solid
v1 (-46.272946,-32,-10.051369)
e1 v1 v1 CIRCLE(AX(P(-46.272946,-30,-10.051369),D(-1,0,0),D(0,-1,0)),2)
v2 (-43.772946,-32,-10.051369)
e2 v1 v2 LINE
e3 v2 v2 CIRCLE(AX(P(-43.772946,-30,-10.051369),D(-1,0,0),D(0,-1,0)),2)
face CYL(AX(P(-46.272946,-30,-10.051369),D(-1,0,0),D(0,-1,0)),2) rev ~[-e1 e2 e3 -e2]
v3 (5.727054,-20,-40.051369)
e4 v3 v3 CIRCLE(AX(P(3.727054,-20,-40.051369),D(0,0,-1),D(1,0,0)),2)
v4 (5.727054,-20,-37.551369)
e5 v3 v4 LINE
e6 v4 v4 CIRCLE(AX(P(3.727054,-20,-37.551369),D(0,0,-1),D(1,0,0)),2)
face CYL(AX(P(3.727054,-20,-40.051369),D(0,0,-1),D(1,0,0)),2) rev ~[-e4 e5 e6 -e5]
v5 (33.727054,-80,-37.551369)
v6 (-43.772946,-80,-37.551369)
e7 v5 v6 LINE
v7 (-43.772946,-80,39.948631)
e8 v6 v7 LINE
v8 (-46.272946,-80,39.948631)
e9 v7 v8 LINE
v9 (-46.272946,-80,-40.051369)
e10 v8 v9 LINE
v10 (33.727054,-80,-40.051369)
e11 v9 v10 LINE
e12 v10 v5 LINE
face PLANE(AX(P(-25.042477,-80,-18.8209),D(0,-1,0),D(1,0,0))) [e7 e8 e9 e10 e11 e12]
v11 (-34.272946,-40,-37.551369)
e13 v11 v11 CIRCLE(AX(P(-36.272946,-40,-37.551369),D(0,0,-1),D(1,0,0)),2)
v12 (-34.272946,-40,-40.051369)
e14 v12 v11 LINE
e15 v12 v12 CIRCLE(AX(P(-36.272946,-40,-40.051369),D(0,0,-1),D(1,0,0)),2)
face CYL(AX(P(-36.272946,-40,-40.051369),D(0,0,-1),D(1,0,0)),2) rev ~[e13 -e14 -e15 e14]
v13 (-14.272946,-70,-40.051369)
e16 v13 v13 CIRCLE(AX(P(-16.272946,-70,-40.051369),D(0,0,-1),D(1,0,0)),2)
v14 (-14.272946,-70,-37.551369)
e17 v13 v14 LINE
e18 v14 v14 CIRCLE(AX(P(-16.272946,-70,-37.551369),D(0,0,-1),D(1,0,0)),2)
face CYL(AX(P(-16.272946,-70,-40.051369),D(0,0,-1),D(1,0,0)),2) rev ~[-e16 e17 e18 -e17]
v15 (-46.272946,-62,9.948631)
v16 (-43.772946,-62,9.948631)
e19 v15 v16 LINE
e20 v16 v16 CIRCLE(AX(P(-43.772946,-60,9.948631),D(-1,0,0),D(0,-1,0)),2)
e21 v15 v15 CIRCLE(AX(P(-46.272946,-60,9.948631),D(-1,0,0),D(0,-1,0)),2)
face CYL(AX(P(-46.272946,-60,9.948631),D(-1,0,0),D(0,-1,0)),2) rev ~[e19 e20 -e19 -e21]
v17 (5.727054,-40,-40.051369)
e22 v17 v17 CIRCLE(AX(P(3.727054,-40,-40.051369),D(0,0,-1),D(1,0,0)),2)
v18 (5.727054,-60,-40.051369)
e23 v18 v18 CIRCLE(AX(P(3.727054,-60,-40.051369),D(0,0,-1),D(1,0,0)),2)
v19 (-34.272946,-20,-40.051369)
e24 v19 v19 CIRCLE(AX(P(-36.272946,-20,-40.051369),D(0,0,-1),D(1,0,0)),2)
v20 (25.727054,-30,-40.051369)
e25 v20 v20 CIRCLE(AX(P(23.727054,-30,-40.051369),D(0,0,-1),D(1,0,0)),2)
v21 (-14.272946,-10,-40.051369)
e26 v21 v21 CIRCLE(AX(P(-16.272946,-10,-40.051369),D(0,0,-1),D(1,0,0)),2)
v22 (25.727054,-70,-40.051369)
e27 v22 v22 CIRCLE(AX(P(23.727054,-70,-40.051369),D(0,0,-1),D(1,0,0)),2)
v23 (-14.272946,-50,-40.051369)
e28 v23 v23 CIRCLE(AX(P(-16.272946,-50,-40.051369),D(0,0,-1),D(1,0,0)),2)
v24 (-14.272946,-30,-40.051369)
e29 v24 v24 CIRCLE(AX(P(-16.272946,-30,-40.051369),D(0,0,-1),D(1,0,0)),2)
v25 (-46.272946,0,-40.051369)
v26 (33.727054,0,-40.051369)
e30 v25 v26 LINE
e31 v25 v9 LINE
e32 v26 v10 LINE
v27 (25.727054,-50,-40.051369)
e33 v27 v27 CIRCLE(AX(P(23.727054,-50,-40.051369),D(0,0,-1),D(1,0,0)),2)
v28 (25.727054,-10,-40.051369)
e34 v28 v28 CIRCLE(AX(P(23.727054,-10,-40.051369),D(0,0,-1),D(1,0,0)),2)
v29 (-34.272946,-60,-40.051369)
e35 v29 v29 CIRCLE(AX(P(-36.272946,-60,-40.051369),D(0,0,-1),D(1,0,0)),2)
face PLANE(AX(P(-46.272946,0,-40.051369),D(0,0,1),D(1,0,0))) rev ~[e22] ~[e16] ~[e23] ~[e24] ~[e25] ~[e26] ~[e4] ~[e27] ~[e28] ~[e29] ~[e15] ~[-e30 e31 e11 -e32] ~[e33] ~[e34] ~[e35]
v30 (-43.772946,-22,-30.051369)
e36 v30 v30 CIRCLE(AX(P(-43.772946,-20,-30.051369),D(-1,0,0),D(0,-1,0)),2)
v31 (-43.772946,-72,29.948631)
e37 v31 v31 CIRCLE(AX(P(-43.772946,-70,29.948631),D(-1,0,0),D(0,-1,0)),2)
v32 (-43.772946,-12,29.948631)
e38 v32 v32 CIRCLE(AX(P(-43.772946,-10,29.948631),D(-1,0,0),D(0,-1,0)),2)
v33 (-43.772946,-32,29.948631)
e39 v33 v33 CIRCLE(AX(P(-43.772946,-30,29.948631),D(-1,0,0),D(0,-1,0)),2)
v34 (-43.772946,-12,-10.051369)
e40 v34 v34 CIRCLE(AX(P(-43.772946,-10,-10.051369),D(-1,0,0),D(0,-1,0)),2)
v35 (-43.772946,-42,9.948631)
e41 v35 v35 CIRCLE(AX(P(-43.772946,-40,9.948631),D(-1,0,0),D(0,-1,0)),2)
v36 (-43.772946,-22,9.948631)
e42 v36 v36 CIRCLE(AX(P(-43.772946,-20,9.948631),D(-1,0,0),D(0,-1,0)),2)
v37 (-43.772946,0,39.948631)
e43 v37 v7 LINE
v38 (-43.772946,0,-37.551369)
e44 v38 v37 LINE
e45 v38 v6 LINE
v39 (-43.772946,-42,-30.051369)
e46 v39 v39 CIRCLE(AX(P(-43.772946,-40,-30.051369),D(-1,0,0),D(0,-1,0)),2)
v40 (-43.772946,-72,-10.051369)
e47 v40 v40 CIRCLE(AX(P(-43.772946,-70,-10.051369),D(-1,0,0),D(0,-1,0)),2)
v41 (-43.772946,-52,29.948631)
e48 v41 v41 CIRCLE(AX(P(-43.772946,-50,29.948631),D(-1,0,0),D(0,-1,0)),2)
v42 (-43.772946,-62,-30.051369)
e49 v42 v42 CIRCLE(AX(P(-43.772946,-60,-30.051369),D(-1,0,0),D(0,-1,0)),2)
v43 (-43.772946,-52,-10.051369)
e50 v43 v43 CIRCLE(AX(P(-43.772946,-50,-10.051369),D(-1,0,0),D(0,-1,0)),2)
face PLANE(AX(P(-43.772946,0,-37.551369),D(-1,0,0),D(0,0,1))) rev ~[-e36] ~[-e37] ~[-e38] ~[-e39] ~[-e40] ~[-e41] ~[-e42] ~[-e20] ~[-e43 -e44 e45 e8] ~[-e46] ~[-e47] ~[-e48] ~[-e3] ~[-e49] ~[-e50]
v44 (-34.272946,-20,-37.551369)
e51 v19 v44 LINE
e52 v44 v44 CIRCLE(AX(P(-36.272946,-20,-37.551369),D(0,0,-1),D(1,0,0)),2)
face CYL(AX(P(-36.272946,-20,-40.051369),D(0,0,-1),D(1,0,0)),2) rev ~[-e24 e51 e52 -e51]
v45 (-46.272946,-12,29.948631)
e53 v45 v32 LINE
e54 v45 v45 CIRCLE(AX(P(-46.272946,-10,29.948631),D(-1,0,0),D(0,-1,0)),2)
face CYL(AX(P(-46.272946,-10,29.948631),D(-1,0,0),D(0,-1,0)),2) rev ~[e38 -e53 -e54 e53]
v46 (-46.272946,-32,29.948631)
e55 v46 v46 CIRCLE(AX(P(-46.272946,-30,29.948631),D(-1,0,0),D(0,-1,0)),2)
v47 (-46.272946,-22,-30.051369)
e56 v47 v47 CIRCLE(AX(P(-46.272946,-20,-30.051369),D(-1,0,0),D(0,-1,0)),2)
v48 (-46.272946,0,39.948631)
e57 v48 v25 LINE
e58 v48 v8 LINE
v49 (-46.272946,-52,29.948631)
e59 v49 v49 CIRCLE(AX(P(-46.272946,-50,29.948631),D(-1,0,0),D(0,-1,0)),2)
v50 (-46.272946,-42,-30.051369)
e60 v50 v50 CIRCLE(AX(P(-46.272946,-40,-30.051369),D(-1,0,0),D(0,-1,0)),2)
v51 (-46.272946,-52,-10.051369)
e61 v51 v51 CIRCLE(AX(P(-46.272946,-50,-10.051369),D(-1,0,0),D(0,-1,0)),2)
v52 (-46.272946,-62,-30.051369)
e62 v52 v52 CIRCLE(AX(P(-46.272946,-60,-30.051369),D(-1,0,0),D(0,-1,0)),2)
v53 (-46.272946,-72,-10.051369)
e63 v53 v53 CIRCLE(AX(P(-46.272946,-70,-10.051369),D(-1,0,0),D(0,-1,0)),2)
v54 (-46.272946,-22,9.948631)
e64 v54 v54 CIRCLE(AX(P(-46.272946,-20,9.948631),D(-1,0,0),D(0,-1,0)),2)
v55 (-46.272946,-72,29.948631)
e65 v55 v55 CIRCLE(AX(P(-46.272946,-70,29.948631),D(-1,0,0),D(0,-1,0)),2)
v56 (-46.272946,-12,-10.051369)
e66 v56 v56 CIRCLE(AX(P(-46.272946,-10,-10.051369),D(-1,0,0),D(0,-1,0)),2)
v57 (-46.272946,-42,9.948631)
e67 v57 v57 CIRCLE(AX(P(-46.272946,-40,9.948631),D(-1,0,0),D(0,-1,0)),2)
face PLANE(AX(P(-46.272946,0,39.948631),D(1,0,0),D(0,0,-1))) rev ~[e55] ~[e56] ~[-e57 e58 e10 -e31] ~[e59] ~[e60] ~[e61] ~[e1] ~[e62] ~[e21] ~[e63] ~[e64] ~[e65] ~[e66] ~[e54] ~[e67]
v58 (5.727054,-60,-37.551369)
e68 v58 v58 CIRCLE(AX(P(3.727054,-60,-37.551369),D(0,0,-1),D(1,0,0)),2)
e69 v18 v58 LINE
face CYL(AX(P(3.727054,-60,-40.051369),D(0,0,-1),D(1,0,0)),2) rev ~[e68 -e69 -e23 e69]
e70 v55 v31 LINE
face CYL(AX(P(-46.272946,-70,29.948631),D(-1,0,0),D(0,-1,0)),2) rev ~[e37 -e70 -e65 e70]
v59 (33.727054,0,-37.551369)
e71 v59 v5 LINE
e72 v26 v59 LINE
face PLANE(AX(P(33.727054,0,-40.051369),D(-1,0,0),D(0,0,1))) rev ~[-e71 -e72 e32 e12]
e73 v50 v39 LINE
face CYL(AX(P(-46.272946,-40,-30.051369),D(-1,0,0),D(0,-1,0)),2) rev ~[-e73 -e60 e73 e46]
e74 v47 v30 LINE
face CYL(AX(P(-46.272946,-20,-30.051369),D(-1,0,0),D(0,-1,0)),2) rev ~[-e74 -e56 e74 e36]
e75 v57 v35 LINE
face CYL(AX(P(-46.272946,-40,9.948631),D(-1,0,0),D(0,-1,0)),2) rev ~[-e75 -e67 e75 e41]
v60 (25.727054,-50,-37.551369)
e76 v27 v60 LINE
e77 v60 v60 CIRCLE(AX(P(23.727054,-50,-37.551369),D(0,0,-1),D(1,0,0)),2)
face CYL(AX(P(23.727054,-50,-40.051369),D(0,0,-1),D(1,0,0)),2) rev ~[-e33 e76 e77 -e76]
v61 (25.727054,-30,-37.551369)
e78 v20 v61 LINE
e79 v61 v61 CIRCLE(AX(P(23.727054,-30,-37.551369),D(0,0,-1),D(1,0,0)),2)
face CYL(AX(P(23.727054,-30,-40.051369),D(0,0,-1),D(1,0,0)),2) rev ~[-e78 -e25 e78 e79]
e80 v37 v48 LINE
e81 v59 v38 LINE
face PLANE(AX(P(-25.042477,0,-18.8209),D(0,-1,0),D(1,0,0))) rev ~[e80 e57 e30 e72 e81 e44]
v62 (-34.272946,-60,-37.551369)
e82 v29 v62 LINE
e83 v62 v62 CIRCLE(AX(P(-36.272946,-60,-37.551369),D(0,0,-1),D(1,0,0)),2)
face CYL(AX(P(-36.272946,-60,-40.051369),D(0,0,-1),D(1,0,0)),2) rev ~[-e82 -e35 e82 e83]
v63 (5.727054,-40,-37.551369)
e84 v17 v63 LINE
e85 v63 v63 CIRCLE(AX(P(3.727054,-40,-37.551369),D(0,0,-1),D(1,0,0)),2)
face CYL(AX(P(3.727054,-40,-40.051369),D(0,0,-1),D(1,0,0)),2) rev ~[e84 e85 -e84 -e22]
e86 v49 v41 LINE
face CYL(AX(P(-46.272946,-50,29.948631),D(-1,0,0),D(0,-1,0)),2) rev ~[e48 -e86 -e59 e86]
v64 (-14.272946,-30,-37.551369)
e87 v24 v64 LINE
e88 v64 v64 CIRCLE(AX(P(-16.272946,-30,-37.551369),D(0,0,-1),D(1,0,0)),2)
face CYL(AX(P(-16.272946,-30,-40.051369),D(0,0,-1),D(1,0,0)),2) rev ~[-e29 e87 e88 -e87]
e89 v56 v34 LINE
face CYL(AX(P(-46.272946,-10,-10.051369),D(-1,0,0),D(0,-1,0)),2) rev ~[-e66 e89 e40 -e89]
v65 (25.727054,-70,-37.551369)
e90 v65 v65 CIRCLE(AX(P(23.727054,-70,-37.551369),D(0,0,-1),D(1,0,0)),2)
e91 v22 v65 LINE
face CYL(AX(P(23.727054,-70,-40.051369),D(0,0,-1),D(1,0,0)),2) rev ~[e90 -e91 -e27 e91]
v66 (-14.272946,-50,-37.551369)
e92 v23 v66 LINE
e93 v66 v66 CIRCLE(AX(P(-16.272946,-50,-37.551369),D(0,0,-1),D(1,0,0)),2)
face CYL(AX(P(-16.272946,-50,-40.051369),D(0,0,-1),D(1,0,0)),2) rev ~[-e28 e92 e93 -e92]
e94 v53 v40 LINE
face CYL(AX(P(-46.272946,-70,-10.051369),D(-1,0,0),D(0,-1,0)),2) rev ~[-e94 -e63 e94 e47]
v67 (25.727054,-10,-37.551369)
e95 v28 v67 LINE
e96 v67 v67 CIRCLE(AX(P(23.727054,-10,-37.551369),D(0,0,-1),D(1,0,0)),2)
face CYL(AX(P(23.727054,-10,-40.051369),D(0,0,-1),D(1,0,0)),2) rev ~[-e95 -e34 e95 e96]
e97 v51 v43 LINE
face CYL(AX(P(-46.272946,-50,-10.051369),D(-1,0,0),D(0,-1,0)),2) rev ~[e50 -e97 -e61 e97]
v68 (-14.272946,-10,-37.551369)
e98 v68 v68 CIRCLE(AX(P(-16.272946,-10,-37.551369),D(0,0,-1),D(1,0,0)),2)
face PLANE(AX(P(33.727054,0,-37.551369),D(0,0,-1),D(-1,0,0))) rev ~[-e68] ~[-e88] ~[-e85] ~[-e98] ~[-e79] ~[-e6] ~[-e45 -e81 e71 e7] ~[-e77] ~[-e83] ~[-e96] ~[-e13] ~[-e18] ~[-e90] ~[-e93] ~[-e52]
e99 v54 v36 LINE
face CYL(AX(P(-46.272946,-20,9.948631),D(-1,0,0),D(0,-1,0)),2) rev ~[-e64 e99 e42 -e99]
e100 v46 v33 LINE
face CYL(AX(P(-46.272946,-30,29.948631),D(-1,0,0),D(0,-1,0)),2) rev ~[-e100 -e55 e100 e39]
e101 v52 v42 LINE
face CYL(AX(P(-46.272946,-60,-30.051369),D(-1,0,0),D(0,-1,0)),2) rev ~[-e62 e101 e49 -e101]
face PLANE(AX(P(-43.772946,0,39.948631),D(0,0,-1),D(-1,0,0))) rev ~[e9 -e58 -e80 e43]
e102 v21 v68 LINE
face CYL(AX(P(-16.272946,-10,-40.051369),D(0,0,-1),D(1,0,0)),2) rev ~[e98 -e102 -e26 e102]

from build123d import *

# Parameters (mm, degrees)
F1_DEPTH = 80
F2_R     = 2
F3_DEPTH = 25
F4_R     = 2
F5_DEPTH = 25


with BuildPart() as f1:
    # F0 (on Front) → F1 (new body)
    with BuildSketch(Plane.XZ):
        Polygon((-43.772946, 39.948631), (-46.272946, 39.948631), (-46.272946, -37.551369), (-46.272946, -40.051369), (-43.772946, -40.051369), (33.727054, -40.051369), (33.727054, -37.551369), (-43.772946, -37.551369), align=None)
    extrude(amount=F1_DEPTH)

    # F2 (on face) → F3 (cut)
    with BuildSketch(Plane(origin=(-46.272946, 0, 0), x_dir=(0, -1, 0), z_dir=(-1, 0, 0))):
        with Locations((10, 29.948631)):
            Circle(F2_R)
        with Locations((10, -10.051369)):
            Circle(F2_R)
        with Locations((30, 29.948631)):
            Circle(F2_R)
        with Locations((30, -10.051369)):
            Circle(F2_R)
        with Locations((50, 29.948631)):
            Circle(F2_R)
        with Locations((50, -10.051369)):
            Circle(F2_R)
        with Locations((70, 29.948631)):
            Circle(F2_R)
        with Locations((70, -10.051369)):
            Circle(F2_R)
        with Locations((20, 9.948631)):
            Circle(F2_R)
        with Locations((20, -30.051369)):
            Circle(F2_R)
        with Locations((40, 9.948631)):
            Circle(F2_R)
        with Locations((40, -30.051369)):
            Circle(F2_R)
        with Locations((60, 9.948631)):
            Circle(F2_R)
        with Locations((60, -30.051369)):
            Circle(F2_R)
    extrude(amount=-F3_DEPTH, mode=Mode.SUBTRACT)

    # F4 (on face) → F5 (cut)
    with BuildSketch(Plane(origin=(0, 0, -40.051369), x_dir=(1, 0, 0), z_dir=(0, 0, -1))):
        with Locations((23.727054, 70)):
            Circle(F4_R)
        with Locations((23.727054, 50)):
            Circle(F4_R)
        with Locations((23.727054, 30)):
            Circle(F4_R)
        with Locations((23.727054, 10)):
            Circle(F4_R)
        with Locations((-16.272946, 70)):
            Circle(F4_R)
        with Locations((-16.272946, 50)):
            Circle(F4_R)
        with Locations((-16.272946, 30)):
            Circle(F4_R)
        with Locations((-16.272946, 10)):
            Circle(F4_R)
        with Locations((3.727054, 60)):
            Circle(F4_R)
        with Locations((3.727054, 40)):
            Circle(F4_R)
        with Locations((3.727054, 20)):
            Circle(F4_R)
        with Locations((-36.272946, 60)):
            Circle(F4_R)
        with Locations((-36.272946, 40)):
            Circle(F4_R)
        with Locations((-36.272946, 20)):
            Circle(F4_R)
    extrude(amount=-F5_DEPTH, mode=Mode.SUBTRACT)


solid = f1.part
